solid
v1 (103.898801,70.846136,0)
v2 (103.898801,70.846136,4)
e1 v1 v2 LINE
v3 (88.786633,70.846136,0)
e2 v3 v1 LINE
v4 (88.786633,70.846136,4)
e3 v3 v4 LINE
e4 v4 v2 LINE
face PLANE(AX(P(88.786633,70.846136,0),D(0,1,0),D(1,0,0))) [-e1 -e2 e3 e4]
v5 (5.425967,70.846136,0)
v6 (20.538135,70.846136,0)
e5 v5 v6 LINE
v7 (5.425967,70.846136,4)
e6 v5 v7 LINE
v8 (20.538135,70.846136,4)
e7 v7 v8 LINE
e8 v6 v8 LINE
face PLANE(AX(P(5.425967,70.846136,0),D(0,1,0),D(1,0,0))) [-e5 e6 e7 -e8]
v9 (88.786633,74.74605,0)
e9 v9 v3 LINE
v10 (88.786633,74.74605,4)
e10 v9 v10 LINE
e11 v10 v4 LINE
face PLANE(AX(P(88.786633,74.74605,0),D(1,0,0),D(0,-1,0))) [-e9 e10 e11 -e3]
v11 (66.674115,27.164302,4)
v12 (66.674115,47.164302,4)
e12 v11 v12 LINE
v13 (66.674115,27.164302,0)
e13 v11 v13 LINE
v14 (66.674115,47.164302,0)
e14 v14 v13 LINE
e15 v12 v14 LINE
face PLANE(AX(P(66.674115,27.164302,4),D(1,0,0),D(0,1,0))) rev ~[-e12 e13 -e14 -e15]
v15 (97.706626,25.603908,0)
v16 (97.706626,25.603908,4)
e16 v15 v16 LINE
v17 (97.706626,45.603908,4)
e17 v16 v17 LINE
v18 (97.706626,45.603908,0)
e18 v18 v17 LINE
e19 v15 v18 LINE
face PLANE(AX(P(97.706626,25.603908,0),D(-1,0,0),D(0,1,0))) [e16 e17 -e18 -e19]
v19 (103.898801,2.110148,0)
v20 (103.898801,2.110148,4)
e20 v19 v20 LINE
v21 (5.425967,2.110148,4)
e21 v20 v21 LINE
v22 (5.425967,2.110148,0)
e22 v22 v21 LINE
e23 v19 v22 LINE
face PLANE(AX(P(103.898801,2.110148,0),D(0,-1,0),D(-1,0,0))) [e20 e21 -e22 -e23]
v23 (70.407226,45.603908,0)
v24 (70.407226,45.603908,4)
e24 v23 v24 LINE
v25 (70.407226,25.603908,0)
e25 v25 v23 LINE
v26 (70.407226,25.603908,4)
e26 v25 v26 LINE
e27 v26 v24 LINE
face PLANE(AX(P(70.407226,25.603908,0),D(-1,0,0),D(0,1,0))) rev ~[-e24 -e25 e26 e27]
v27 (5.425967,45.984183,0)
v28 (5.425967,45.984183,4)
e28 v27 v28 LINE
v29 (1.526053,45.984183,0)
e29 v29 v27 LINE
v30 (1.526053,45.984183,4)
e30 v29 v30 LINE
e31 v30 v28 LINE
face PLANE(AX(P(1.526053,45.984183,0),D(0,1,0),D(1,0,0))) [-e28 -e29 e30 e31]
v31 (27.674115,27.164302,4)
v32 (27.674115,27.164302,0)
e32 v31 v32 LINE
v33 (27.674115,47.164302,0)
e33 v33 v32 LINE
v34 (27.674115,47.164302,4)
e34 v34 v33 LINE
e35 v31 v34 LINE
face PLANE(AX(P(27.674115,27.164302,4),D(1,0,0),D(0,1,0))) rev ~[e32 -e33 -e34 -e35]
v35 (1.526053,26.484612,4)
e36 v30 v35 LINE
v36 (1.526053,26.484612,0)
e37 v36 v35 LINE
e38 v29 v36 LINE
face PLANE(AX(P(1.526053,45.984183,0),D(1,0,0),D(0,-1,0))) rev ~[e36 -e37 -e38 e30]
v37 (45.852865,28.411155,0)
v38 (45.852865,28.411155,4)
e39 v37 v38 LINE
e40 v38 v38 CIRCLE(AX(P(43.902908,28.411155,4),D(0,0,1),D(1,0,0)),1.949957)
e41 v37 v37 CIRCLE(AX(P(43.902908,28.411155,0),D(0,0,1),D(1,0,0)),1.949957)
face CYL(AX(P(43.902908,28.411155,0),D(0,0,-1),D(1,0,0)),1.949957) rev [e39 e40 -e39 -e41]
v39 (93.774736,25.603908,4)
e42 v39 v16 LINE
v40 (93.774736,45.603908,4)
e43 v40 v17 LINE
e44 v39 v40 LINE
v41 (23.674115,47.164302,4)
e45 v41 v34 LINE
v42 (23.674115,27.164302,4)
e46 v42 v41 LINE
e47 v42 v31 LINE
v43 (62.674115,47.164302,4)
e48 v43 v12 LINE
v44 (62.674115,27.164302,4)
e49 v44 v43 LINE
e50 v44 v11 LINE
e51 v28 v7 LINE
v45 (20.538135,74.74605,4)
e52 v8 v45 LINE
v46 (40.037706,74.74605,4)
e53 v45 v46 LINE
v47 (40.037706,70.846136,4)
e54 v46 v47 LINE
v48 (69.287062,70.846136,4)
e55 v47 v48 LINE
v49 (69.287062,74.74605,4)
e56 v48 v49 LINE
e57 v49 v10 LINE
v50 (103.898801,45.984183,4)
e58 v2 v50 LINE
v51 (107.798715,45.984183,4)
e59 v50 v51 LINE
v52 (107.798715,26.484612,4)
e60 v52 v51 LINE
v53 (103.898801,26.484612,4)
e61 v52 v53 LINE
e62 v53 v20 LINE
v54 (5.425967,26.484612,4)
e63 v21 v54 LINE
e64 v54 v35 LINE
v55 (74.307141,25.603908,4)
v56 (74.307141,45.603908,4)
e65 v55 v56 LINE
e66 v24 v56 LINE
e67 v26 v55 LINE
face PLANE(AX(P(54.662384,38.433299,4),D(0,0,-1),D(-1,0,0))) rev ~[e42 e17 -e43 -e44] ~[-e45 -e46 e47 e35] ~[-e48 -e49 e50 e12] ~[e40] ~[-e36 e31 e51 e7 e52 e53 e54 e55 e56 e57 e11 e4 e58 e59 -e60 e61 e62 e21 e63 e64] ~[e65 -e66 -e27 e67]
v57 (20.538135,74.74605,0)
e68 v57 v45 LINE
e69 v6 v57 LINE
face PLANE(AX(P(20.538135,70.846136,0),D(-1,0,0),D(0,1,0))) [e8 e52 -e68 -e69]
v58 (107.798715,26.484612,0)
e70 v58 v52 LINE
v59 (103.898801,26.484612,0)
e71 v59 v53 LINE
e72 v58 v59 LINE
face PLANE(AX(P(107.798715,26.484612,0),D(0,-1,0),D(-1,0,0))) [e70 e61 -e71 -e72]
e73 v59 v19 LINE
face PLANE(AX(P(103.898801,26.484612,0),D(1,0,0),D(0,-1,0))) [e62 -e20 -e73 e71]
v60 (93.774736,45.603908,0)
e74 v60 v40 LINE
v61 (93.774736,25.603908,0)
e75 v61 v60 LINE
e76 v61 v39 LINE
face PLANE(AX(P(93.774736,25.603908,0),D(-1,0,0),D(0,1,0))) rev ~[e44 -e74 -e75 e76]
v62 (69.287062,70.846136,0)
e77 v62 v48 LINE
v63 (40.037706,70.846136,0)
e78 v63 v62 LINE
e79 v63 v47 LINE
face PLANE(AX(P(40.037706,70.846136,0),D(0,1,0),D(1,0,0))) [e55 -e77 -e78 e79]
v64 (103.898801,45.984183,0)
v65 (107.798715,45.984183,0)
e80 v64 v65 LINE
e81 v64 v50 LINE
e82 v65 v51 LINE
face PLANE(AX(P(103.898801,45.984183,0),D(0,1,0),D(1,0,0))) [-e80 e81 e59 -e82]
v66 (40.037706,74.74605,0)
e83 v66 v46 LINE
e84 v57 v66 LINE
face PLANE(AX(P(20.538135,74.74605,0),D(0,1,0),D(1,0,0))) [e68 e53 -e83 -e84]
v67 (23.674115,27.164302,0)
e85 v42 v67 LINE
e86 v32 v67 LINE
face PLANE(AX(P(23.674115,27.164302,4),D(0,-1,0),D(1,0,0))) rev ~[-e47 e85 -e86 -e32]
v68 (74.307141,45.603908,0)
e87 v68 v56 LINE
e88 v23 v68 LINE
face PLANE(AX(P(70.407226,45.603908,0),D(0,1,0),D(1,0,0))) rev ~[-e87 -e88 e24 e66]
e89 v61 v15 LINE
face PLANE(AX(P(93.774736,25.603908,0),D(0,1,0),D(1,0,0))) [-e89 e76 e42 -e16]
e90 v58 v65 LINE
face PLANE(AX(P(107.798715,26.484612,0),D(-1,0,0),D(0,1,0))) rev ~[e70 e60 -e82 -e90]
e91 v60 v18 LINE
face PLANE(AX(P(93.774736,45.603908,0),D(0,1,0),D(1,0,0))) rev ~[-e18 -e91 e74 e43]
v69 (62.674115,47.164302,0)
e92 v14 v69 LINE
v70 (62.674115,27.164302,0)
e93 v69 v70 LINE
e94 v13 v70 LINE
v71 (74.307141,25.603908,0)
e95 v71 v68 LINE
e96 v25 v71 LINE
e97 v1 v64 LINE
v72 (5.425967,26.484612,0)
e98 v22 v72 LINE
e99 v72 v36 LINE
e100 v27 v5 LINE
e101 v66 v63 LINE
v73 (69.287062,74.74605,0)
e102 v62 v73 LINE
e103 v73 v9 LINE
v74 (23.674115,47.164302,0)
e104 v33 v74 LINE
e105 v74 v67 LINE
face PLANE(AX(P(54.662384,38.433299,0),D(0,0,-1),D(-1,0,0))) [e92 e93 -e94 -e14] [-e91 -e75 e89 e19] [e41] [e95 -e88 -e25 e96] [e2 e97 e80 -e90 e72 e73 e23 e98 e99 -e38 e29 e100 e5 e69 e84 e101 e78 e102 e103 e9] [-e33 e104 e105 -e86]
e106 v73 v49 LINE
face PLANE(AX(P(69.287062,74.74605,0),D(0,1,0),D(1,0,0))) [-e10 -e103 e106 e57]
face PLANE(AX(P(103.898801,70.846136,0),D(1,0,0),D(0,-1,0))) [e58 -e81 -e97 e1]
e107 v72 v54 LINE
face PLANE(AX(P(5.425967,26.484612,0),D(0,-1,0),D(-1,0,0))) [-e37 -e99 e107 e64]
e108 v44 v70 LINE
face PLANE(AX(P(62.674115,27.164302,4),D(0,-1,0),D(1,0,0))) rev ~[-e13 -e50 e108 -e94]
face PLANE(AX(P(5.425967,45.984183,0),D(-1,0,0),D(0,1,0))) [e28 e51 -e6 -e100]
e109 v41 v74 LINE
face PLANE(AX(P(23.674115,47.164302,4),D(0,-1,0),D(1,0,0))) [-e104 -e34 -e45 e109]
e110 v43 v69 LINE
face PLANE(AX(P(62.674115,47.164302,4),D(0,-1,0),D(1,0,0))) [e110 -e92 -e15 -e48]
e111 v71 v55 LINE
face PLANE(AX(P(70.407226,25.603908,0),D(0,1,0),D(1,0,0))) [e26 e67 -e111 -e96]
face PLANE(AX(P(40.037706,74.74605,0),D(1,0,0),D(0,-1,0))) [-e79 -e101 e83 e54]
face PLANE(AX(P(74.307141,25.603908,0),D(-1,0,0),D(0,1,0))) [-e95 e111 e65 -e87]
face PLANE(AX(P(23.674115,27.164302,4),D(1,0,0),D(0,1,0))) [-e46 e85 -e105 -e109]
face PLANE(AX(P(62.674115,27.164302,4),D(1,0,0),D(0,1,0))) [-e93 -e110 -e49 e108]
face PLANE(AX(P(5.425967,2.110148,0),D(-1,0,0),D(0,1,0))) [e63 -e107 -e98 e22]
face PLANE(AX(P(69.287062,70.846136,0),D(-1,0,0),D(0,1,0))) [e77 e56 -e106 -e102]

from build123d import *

# Parameters (mm, degrees)
CROQUIS1_R              = 1.949957096
CROQUIS1_W              = 3.899914193
CROQUIS1_H              = 20
CROQUIS1_W_2            = 3.931890122
SALIENTE_EXTRUIR1_DEPTH = 4
CROQUIS3_W              = 4
CROQUIS3_H              = 20
CORTAR_EXTRUIR2_DEPTH   = 18


with BuildPart() as part:
    # Croquis1 → Saliente-Extruir1 (new body)
    with BuildSketch(Plane.XY):
        Polygon((1.526053109, 36.234397526), (1.526053109, 45.984183007), (5.425967302, 45.984183007), (5.425967302, 70.846135986), (20.538134799, 70.846135986), (20.538134799, 74.746050179), (40.037705762, 74.746050179), (40.037705762, 70.846135986), (69.287062208, 70.846135986), (69.287062208, 74.746050179), (88.786633171, 74.746050179), (88.786633171, 70.846135986), (103.898800668, 70.846135986), (103.898800668, 45.984183007), (107.798714861, 45.984183007), (107.798714861, 36.234397526), (107.798714861, 26.484612044), (103.898800668, 26.484612044), (103.898800668, 2.110148339), (5.425967302, 2.110148339), (5.425967302, 26.484612044), (1.526053109, 26.484612044), align=None)
        with Locations((43.902907702, 28.411154562)):
            Circle(CROQUIS1_R, mode=Mode.SUBTRACT)
        with Locations((72.35718349, 35.603908164)):
            Rectangle(CROQUIS1_W, CROQUIS1_H, mode=Mode.SUBTRACT)
        with Locations((95.740680681, 35.603908164)):
            Rectangle(CROQUIS1_W_2, CROQUIS1_H, mode=Mode.SUBTRACT)
    extrude(amount=SALIENTE_EXTRUIR1_DEPTH)

    # Croquis3 → Cortar-Extruir2 (cut)
    with BuildSketch(Plane.XY.offset(4)):
        with Locations((64.674115468, 37.164302326)):
            Rectangle(CROQUIS3_W, CROQUIS3_H)
        with Locations((25.674115468, 37.164302326)):
            Rectangle(CROQUIS3_W, CROQUIS3_H)
    extrude(amount=-CORTAR_EXTRUIR2_DEPTH, mode=Mode.SUBTRACT)


solid = part.part
